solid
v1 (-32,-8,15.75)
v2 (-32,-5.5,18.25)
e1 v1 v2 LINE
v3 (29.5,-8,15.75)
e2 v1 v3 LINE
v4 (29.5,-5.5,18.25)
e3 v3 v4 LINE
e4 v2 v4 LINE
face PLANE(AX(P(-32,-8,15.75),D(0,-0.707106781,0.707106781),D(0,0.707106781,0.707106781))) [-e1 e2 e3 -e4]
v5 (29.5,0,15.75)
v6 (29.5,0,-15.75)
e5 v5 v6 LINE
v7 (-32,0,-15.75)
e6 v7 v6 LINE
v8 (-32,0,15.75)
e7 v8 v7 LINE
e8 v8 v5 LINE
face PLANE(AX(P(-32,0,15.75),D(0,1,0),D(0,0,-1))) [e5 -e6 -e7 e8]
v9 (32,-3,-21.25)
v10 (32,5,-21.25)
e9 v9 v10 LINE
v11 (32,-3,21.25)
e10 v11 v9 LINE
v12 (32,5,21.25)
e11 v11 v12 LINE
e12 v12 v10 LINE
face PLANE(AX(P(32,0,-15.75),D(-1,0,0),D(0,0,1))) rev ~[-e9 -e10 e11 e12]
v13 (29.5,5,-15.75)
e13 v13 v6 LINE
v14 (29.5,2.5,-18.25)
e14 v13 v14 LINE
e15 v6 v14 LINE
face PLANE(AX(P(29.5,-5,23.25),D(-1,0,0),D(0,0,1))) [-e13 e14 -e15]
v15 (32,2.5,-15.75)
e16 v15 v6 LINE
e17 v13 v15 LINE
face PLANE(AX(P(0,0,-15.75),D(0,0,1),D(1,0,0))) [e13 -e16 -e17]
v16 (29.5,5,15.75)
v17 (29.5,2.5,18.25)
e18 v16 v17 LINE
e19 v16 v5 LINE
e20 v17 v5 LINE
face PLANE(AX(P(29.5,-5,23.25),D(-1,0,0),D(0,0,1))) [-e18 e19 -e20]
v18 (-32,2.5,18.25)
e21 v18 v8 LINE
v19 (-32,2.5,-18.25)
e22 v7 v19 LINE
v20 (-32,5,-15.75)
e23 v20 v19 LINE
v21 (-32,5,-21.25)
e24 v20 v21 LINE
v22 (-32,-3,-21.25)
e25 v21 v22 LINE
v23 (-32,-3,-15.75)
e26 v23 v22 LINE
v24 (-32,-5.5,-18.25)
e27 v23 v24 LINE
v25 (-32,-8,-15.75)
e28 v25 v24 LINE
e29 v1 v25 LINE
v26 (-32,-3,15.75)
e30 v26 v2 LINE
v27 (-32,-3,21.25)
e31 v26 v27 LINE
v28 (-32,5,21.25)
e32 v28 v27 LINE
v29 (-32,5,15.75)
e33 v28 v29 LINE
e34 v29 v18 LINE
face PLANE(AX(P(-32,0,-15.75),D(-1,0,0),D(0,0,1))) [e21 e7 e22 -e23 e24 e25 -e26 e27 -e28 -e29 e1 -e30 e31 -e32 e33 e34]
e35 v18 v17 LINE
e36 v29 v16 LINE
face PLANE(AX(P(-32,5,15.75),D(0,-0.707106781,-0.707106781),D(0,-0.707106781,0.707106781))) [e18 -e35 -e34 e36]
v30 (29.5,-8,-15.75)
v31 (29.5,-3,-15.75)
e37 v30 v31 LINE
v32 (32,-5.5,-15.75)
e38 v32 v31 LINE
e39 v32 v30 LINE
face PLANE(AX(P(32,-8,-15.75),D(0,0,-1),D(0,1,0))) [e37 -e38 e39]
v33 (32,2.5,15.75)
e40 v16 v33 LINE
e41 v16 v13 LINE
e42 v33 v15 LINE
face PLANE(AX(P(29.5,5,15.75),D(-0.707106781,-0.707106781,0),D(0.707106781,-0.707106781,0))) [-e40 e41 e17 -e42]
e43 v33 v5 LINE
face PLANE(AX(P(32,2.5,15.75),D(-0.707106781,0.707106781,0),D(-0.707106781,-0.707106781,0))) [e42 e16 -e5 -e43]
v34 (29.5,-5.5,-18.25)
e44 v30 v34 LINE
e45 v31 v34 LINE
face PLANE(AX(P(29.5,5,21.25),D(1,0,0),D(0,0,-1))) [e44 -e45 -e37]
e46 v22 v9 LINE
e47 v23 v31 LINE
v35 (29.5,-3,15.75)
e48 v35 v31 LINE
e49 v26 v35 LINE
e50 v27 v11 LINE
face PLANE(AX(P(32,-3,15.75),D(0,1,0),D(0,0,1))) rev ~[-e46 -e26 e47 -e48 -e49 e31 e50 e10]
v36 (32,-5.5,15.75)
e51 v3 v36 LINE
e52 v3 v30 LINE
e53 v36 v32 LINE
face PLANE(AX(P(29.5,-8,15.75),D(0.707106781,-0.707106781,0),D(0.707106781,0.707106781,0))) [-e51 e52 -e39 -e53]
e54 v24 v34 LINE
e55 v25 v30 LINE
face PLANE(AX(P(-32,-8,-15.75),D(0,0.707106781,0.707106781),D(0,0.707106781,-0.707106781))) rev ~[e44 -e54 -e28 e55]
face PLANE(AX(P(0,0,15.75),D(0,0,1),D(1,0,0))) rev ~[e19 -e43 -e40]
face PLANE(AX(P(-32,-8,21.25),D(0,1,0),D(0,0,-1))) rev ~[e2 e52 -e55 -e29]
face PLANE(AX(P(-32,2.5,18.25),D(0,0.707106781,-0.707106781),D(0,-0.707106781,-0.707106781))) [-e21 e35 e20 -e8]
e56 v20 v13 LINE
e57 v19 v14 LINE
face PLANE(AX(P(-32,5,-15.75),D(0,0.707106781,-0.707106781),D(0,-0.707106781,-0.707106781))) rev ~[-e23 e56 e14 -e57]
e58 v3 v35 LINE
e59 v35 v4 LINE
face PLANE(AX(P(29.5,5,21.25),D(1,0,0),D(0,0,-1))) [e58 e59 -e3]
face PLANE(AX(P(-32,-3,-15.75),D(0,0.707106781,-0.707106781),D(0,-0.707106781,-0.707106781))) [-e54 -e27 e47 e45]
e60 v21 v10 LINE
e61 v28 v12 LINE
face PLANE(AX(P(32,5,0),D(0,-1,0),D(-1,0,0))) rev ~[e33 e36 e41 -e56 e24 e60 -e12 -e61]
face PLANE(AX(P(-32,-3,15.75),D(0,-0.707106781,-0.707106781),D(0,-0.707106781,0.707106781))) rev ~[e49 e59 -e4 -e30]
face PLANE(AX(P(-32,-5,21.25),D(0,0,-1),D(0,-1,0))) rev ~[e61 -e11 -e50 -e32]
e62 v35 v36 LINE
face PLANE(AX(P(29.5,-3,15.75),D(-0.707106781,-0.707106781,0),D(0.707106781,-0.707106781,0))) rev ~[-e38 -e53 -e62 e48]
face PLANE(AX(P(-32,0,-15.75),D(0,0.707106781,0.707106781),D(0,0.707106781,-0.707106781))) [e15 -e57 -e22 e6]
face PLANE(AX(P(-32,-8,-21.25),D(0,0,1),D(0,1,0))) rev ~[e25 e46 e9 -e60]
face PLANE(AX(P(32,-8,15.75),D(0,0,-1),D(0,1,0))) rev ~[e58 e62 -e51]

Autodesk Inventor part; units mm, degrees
ref_plane "YZ Plane" through (0, 0, 0) normal (1, 0, 0) x (0, 1, 0)
ref_plane "XZ Plane" through (0, 0, 0) normal (0, 1, 0) x (-1, 0, 0)
sketch "Sketch5" plane through (0, 0, 0) normal (0, 0, 1) x (1, 0, 0)
  line L0 (-32, -5) -> (32, -5)
  line L1 (32, -5) -> (32, 5)
  line L2 (32, 5) -> (-32, 5)
  line L3 (-32, 5) -> (-32, -5)
  line L4 (-32, -5) -> (32, 5) construction
  line L5 (32, -5) -> (-32, 5) construction
  point P0 (0, 0)
  dimension "d17" = 64
  dimension "d18" = 10
extrude "Extrusion5" add sketch "Sketch5" along normal mid plane 46.5
ref_plane "Work Plane2" through (0, 0, 15.75) normal (0, 0, 1) x (1, 0, 0)
sketch "Sketch7" plane through (0, 0, 15.75) normal (0, 0, 1) x (1, 0, 0)
  line L0 (32, 5) -> (-32, 5) projected
  line L1 (-32, 5) -> (-32, -5) projected
  line L2 (-32, -5) -> (32, -5) projected
  line L3 (32, -5) -> (32, 5) projected
  line L4 (32, -5) -> (32, 5) projected
  line L5 (-32, -5) -> (32, -5) projected
  line L6 (32, 5) -> (-32, 5) projected
  line L7 (29.5, 5) -> (29.5, 0)
  line L8 (29.5, 5) -> (32, 2.5)
  line L9 (32, 2.5) -> (29.5, 0)
  point P0 (0, 0)
extrude "Extrusion6" cut sketch "Sketch7" against normal blind 31.5 contours L8 L9 L7
sketch "Sketch8" plane through (-32, -5, 23.25) normal (-1, 0, 0) x (0, 0, 1)
  line L0 (-46.5, 10) -> (0, 10) projected
  line L1 (-46.5, 10) -> (-41.5, 10)
  line L2 (-41.5, 0) -> (-46.5, 0)
  line L3 (-46.5, 5) -> (-46.5, 10)
  line L4 (0, 10) -> (-5, 10)
  line L5 (-46.5, 0) -> (-46.5, 10) projected
  line L6 (-41.5, 10) -> (-39, 10)
  line L7 (-39, 10) -> (-41.5, 7.5)
  line L8 (-39, 7.5) -> (-39, 5) projected
  line L9 (-39, 5) -> (-41.5, 7.5)
  line L10 (-5, 10) -> (-7.5, 10)
  line L11 (-7.5, 10) -> (-5, 7.5)
  line L12 (-7.5, 5) -> (-7.5, 7.5) projected
  line L13 (-5, 7.5) -> (-7.5, 5)
  line L14 (-7.5, 5) -> (-39, 5)
  line L15 (-39, 10) -> (-39, 7.5) projected
  line L16 (-7.5, 7.5) -> (-7.5, 10) projected
  line L17 (-39, 10) -> (-7.5, 10)
  line L18 (-39, 10) -> (-7.5, 10)
  line L19 (-7.5, 5) -> (-39, 5) projected
  line L20 (-39, 5) -> (-7.5, 5)
  point P0 (-23.25, 5)
extrude "Extrusion8" cut sketch "Sketch8" against normal blind 61.5
sketch "Sketch9" plane through (-32, -5, -23.25) normal (-1, 0, 0) x (0, 0, 1)
  line L0 (0, 10) -> (46.5, 10) projected
  line L1 (0, 10) -> (2, 10)
  line L2 (2, 10) -> (2, 0)
  line L3 (2, 0) -> (0, 0)
  line L4 (0, 0) -> (0, 10)
  line L5 (46.5, 10) -> (44.5, 10)
  line L6 (44.5, 10) -> (44.5, 0)
  line L7 (44.5, 0) -> (46.5, 0)
  line L8 (46.5, 0) -> (46.5, 10)
  point P0 (23.25, 5)
  dimension "d37" = 2
  dimension "d38" = 2
extrude "Extrusion9" cut sketch "Sketch9" against normal through all
sketch "Sketch10" plane through (-32, 0, -15.75) normal (-1, 0, 0) x (0, 0, 1)
  line L0 (-5.5, -5) -> (-5.5, 5) projected
  line L1 (37, 5) -> (37, -5) projected
  line L2 (-5.5, -5) -> (37, -5)
  line L3 (37, -5) -> (37, -8)
  line L4 (37, -8) -> (-5.5, -8)
  line L5 (-5.5, -8) -> (-5.5, -5)
  point P0 (15.75, 0)
  dimension "d70" = 3
sketch "Sketch12" plane through (-32, 0, -15.75) normal (-1, 0, 0) x (0, 0, 1)
  line L0 (37, -3) -> (42, -3)
  line L1 (42, -3) -> (42, 5)
  line L2 (42, 5) -> (37, 5)
  line L3 (37, 5) -> (37, -3)
  point P0 (15.75, 0)
  dimension "d56" = 5
  dimension "d59" = 8
revolve "Revolution1" [suppressed]
sketch "Sketch13" plane through (-32, -3, 21.25) normal (-1, 0, 0) x (0, 0, 1)
  line L0 (5, 8) -> (0, 8) projected
  line L1 (0, 8) -> (0, 0) projected
  line L2 (0, 0) -> (5, 0) projected
  line L3 (5, 0) -> (5, 8) projected
  line L4 (5, 0) -> (5, 8) projected
  line L5 (5, 4) -> (4, 4)
  point P0 (-21.25, 3)
  dimension "d58" = 1
feature "Snap Fit2" [suppressed]
mirror "Mirror1" [suppressed]
extrude "Extrusion11" add sketch "Sketch10" against normal blind 64
sketch "Sketch14" plane through (-32, 0, -15.75) normal (-1, 0, 0) x (0, 0, 1)
  line L0 (37, -8) -> (37, 5) projected
  line L1 (31.5, 5) -> (37, 5) projected
  line L2 (31.5, 5) -> (34, 2.5) projected
  line L3 (34, 2.5) -> (31.5, 0) projected
  line L4 (31.5, 0) -> (0, 0) projected
  line L5 (0, 0) -> (-2.5, 2.5) projected
  line L6 (-2.5, 2.5) -> (0, 5) projected
  line L7 (-5.5, 5) -> (0, 5) projected
  line L8 (-5.5, 5) -> (-5.5, -8) projected
  line L9 (-5.5, -8) -> (37, -8) projected
  line L10 (-5.5, -8) -> (37, -8) projected
  line L11 (0, -3) -> (-2.5, -5.5)
  line L12 (0, -8) -> (-2.5, -5.5)
  line L13 (0, -8) -> (-5.5, -8)
  line L14 (-5.5, 5) -> (-5.5, -8) projected
  line L15 (-5.5, 0) -> (-5, 0)
  line L16 (-5.5, -3) -> (-5.5, -8)
  line L17 (31.5, -3) -> (34, -5.5)
  line L18 (31.5, -8) -> (34, -5.5)
  line L19 (31.5, -8) -> (37, -8)
  line L20 (37, -3) -> (37, -8)
  line L21 (0, -3) -> (-5.5, -3)
  line L22 (31.5, -3) -> (37, -3)
  line L23 (37, -8) -> (37, 5) projected
  point P0 (15.75, 0)
extrude "Extrusion12" cut sketch "Sketch14" against normal blind 61.5 contours L9 L18 L17 L22 L0 | L9 L8 L21 L11 L12
sketch "Sketch15" plane through (32, 5, 21.25) normal (1, 0, 0) x (0, 0, -1)
  line L0 (0, -13) -> (42.5, -13) projected
  line L1 (0, -13) -> (5.5, -13)
  line L2 (5.5, -13) -> (5.5, -8)
  line L3 (5.5, -8) -> (0, -8)
  line L4 (0, -8) -> (0, -13)
  line L5 (42.5, -13) -> (42.5, -8) projected
  line L6 (42.5, -13) -> (37, -13)
  line L7 (37, -13) -> (37, -8)
  line L8 (37, -8) -> (42.5, -8)
  line L9 (42.5, -8) -> (42.5, -13)
  point P0 (21.25, -5)
  dimension "d76" = 5.5
  dimension "d77" = 5
  dimension "d78" = 5.5
  dimension "d79" = 5
extrude "Extrusion13" cut sketch "Sketch15" against normal blind 2.5
sketch "Sketch16" plane through (32, -8, 15.75) normal (0, 0, 1) x (1, 0, 0)
  line L0 (-2.5, 5) -> (-2.5, 2.5) projected
  line L1 (-2.5, 5) -> (0, 2.5)
  line L2 (0, 0) -> (0, 5) projected
  line L3 (-64, 0) -> (-2.5, 0) projected
  line L4 (-2.5, 0) -> (0, 2.5)
  line L5 (0, 5) -> (-64, 5) projected
  line L6 (-2.5, 5) -> (0, 5)
  line L7 (0, 5) -> (0, 0)
  line L8 (0, 0) -> (-2.5, 0)
  point P0 (-32, 8)
extrude "Extrusion14" cut sketch "Sketch16" against normal through all
properties part number "Enclosure-Bottom"
